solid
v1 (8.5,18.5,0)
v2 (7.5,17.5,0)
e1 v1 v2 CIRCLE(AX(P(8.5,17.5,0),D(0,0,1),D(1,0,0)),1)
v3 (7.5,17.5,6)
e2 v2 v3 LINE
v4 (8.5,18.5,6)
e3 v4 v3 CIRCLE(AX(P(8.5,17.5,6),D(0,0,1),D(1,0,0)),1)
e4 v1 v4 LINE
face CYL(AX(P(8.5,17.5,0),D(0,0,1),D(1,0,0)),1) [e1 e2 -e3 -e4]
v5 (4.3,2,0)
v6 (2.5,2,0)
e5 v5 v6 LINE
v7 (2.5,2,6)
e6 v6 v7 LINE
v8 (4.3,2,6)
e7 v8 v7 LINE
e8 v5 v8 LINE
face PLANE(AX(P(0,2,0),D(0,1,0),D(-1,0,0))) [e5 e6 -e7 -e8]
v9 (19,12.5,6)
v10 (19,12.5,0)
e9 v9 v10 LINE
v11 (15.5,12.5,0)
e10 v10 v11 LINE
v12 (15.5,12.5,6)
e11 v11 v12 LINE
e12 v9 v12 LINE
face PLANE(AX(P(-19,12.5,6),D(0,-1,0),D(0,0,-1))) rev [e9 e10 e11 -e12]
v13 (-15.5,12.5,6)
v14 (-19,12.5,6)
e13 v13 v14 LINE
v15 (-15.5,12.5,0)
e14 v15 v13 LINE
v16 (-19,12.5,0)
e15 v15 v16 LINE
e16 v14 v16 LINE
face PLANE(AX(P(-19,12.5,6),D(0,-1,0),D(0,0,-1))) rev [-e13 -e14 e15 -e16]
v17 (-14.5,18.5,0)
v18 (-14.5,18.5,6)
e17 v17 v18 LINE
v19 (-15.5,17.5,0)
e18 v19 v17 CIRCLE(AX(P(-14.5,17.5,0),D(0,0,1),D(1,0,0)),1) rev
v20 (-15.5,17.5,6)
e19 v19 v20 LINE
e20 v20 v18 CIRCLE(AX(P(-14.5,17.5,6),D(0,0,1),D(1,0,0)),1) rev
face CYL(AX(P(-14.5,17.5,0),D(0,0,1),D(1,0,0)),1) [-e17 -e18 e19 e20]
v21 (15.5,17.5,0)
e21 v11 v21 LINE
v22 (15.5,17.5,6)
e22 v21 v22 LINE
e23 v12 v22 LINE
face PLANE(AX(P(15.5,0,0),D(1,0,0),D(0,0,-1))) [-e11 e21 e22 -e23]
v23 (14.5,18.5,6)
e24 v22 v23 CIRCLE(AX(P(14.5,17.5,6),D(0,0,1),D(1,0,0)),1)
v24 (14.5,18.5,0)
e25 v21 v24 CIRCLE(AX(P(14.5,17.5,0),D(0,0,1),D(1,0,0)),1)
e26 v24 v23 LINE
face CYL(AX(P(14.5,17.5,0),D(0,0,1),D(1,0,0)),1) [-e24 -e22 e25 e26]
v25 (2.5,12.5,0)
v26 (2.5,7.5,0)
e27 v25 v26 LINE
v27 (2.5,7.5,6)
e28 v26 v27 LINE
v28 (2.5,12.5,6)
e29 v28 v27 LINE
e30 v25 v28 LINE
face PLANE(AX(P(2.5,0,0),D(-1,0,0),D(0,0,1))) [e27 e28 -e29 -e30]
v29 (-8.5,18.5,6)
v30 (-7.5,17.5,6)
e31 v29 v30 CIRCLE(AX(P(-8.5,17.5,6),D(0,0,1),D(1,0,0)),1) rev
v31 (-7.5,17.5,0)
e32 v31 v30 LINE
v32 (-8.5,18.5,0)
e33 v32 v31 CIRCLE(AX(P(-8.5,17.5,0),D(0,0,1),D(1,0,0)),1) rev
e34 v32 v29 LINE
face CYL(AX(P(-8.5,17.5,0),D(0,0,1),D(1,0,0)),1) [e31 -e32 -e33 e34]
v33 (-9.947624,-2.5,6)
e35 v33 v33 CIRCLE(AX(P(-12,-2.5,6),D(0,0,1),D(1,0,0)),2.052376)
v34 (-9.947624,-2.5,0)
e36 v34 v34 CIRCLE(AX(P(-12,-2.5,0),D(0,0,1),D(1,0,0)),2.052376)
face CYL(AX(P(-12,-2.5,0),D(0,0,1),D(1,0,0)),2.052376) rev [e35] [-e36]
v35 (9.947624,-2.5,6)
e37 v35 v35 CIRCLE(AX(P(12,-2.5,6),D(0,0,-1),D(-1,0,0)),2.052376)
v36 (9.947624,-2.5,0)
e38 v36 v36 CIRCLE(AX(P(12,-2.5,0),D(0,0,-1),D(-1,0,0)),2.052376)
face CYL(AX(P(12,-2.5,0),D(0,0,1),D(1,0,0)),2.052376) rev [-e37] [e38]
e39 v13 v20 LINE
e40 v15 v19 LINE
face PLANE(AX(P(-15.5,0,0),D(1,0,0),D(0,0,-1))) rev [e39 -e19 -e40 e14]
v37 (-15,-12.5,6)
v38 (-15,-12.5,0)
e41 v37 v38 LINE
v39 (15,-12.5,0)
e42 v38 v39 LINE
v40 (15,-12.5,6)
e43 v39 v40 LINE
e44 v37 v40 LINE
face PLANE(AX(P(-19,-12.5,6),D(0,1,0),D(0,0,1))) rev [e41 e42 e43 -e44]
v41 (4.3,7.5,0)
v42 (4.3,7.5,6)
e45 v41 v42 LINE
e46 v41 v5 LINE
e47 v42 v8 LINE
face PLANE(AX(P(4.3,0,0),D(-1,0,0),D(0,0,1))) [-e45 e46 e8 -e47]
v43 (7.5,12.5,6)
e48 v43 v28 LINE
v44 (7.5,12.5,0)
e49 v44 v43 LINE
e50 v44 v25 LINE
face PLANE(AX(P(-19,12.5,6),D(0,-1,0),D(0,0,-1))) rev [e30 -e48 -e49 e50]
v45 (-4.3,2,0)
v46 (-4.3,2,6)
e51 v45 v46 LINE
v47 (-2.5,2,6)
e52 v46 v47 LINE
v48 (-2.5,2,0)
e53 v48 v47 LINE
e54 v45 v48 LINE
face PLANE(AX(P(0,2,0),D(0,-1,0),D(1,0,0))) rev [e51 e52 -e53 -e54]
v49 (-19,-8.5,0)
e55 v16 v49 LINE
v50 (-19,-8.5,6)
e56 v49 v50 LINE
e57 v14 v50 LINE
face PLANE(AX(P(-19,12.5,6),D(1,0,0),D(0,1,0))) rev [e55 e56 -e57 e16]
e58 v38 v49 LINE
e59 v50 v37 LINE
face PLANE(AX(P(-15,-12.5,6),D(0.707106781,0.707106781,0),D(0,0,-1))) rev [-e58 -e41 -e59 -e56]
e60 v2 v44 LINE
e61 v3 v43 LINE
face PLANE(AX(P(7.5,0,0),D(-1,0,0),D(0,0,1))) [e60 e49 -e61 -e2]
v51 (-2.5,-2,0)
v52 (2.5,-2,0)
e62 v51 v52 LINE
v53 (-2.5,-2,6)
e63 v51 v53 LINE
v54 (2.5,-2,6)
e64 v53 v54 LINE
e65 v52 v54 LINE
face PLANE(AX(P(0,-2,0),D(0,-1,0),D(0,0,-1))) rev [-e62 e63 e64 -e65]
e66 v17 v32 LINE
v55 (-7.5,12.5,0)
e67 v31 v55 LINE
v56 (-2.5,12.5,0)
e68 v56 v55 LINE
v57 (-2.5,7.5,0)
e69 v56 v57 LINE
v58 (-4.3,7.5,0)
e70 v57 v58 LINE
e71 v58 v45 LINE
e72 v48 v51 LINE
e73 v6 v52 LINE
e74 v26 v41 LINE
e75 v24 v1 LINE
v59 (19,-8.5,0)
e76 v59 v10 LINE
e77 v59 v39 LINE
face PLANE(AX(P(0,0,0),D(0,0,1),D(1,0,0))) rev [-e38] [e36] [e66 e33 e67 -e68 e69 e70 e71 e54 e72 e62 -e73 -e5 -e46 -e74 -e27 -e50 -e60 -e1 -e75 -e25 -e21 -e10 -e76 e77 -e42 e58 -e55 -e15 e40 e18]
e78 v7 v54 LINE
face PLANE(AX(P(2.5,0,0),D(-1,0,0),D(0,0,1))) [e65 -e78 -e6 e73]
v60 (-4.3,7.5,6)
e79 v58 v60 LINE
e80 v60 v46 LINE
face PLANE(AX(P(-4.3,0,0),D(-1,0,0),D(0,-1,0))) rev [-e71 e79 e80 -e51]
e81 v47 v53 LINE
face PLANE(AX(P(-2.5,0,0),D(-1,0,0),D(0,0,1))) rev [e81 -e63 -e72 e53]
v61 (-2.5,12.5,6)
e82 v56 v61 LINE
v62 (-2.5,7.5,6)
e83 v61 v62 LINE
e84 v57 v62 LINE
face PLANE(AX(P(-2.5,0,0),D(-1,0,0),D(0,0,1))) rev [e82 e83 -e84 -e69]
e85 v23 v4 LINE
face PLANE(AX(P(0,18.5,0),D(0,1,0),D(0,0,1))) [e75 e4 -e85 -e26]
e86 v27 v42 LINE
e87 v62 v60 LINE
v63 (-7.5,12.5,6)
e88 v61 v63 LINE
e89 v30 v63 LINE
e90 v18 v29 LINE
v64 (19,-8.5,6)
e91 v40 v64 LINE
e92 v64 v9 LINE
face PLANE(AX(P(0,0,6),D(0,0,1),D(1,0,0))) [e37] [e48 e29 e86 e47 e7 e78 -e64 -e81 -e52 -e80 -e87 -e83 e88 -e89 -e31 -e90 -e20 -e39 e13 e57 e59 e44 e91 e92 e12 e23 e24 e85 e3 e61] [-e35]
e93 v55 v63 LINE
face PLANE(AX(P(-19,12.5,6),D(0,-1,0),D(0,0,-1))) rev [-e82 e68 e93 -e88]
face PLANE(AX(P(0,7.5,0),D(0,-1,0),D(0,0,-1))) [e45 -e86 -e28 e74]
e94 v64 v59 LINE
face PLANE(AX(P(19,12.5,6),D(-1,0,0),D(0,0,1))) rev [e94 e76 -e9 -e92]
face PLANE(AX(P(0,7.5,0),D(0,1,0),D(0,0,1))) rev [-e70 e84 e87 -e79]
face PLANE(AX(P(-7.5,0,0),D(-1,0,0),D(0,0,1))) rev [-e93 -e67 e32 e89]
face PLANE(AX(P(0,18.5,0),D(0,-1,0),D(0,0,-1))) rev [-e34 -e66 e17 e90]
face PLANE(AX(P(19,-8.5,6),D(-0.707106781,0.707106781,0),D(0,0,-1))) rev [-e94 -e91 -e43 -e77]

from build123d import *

# Parameters (mm, degrees)
ESQUISSE1_W             = 38
ESQUISSE1_H             = 25
BOSS_EXTRU_1_DEPTH      = 6
ENL_V_MAT_EXTRU_1_DEPTH = 6
BOSS_EXTRU_2_DEPTH      = 6
ESQUISSE4_R             = 2.052376102
ENL_V_MAT_EXTRU_2_DEPTH = 6
CHANFREIN2_SIZE         = 4


with BuildPart() as part:
    # Esquisse1 → Boss.-Extru.1 (new body)
    with BuildSketch(Plane.XY):
        Rectangle(ESQUISSE1_W, ESQUISSE1_H)
    extrude(amount=BOSS_EXTRU_1_DEPTH)

    # Esquisse2 → Enlèv. mat.-Extru.1 (cut)
    with BuildSketch(Plane.XY.offset(6)):
        Polygon((2.5, 12.5), (-2.5, 12.5), (-2.5, 7.5), (-4.3, 7.5), (-4.3, 2), (-2.5, 2), (-2.5, -2), (2.5, -2), (2.5, 2), (4.3, 2), (4.3, 7.5), (2.5, 7.5), align=None)
    extrude(amount=-ENL_V_MAT_EXTRU_1_DEPTH, mode=Mode.SUBTRACT)

    # Esquisse2<3> → Boss.-Extru.2 (add)
    with BuildSketch(Plane.XY.offset(6)):
        with BuildLine():
            Line((-15.5, 17.5), (-15.5, 12.5))
            Line((-15.5, 12.5), (-7.5, 12.5))
            Line((-7.5, 12.5), (-7.5, 17.5))
            ThreePointArc((-7.5, 17.5), (-7.792893219, 18.207106781), (-8.5, 18.5))
            Line((-8.5, 18.5), (-14.5, 18.5))
            ThreePointArc((-14.5, 18.5), (-15.207106781, 18.207106781), (-15.5, 17.5))
        make_face()
        with BuildLine():
            Line((7.5, 17.5), (7.5, 12.5))
            Line((7.5, 12.5), (15.5, 12.5))
            Line((15.5, 12.5), (15.5, 17.5))
            ThreePointArc((15.5, 17.5), (15.207106781, 18.207106781), (14.5, 18.5))
            Line((14.5, 18.5), (8.5, 18.5))
            ThreePointArc((8.5, 18.5), (7.792893219, 18.207106781), (7.5, 17.5))
        make_face()
    extrude(amount=-BOSS_EXTRU_2_DEPTH)

    # Esquisse4 → Enlèv. mat.-Extru.2 (cut)
    with BuildSketch(Plane.XY.offset(6)):
        with Locations((-12, -2.5)):
            Circle(ESQUISSE4_R)
    enl_v_mat_extru_2 = extrude(amount=-ENL_V_MAT_EXTRU_2_DEPTH, mode=Mode.SUBTRACT)

    # Symétrie7: Enlèv. mat.-Extru.2 across plane
    add(enl_v_mat_extru_2.mirror(Plane(origin=(0, 0, 0), x_dir=(0, 0, 1), z_dir=(1, 0, 0))), mode=Mode.SUBTRACT)

    # Chanfrein2
    chanfrein2_edges = [part.edges().sort_by_distance(p)[0] for p in [
        (19, -12.5, 3),
        (-19, -12.5, 3),
    ]]
    chamfer(chanfrein2_edges, length=CHANFREIN2_SIZE)


solid = part.part
